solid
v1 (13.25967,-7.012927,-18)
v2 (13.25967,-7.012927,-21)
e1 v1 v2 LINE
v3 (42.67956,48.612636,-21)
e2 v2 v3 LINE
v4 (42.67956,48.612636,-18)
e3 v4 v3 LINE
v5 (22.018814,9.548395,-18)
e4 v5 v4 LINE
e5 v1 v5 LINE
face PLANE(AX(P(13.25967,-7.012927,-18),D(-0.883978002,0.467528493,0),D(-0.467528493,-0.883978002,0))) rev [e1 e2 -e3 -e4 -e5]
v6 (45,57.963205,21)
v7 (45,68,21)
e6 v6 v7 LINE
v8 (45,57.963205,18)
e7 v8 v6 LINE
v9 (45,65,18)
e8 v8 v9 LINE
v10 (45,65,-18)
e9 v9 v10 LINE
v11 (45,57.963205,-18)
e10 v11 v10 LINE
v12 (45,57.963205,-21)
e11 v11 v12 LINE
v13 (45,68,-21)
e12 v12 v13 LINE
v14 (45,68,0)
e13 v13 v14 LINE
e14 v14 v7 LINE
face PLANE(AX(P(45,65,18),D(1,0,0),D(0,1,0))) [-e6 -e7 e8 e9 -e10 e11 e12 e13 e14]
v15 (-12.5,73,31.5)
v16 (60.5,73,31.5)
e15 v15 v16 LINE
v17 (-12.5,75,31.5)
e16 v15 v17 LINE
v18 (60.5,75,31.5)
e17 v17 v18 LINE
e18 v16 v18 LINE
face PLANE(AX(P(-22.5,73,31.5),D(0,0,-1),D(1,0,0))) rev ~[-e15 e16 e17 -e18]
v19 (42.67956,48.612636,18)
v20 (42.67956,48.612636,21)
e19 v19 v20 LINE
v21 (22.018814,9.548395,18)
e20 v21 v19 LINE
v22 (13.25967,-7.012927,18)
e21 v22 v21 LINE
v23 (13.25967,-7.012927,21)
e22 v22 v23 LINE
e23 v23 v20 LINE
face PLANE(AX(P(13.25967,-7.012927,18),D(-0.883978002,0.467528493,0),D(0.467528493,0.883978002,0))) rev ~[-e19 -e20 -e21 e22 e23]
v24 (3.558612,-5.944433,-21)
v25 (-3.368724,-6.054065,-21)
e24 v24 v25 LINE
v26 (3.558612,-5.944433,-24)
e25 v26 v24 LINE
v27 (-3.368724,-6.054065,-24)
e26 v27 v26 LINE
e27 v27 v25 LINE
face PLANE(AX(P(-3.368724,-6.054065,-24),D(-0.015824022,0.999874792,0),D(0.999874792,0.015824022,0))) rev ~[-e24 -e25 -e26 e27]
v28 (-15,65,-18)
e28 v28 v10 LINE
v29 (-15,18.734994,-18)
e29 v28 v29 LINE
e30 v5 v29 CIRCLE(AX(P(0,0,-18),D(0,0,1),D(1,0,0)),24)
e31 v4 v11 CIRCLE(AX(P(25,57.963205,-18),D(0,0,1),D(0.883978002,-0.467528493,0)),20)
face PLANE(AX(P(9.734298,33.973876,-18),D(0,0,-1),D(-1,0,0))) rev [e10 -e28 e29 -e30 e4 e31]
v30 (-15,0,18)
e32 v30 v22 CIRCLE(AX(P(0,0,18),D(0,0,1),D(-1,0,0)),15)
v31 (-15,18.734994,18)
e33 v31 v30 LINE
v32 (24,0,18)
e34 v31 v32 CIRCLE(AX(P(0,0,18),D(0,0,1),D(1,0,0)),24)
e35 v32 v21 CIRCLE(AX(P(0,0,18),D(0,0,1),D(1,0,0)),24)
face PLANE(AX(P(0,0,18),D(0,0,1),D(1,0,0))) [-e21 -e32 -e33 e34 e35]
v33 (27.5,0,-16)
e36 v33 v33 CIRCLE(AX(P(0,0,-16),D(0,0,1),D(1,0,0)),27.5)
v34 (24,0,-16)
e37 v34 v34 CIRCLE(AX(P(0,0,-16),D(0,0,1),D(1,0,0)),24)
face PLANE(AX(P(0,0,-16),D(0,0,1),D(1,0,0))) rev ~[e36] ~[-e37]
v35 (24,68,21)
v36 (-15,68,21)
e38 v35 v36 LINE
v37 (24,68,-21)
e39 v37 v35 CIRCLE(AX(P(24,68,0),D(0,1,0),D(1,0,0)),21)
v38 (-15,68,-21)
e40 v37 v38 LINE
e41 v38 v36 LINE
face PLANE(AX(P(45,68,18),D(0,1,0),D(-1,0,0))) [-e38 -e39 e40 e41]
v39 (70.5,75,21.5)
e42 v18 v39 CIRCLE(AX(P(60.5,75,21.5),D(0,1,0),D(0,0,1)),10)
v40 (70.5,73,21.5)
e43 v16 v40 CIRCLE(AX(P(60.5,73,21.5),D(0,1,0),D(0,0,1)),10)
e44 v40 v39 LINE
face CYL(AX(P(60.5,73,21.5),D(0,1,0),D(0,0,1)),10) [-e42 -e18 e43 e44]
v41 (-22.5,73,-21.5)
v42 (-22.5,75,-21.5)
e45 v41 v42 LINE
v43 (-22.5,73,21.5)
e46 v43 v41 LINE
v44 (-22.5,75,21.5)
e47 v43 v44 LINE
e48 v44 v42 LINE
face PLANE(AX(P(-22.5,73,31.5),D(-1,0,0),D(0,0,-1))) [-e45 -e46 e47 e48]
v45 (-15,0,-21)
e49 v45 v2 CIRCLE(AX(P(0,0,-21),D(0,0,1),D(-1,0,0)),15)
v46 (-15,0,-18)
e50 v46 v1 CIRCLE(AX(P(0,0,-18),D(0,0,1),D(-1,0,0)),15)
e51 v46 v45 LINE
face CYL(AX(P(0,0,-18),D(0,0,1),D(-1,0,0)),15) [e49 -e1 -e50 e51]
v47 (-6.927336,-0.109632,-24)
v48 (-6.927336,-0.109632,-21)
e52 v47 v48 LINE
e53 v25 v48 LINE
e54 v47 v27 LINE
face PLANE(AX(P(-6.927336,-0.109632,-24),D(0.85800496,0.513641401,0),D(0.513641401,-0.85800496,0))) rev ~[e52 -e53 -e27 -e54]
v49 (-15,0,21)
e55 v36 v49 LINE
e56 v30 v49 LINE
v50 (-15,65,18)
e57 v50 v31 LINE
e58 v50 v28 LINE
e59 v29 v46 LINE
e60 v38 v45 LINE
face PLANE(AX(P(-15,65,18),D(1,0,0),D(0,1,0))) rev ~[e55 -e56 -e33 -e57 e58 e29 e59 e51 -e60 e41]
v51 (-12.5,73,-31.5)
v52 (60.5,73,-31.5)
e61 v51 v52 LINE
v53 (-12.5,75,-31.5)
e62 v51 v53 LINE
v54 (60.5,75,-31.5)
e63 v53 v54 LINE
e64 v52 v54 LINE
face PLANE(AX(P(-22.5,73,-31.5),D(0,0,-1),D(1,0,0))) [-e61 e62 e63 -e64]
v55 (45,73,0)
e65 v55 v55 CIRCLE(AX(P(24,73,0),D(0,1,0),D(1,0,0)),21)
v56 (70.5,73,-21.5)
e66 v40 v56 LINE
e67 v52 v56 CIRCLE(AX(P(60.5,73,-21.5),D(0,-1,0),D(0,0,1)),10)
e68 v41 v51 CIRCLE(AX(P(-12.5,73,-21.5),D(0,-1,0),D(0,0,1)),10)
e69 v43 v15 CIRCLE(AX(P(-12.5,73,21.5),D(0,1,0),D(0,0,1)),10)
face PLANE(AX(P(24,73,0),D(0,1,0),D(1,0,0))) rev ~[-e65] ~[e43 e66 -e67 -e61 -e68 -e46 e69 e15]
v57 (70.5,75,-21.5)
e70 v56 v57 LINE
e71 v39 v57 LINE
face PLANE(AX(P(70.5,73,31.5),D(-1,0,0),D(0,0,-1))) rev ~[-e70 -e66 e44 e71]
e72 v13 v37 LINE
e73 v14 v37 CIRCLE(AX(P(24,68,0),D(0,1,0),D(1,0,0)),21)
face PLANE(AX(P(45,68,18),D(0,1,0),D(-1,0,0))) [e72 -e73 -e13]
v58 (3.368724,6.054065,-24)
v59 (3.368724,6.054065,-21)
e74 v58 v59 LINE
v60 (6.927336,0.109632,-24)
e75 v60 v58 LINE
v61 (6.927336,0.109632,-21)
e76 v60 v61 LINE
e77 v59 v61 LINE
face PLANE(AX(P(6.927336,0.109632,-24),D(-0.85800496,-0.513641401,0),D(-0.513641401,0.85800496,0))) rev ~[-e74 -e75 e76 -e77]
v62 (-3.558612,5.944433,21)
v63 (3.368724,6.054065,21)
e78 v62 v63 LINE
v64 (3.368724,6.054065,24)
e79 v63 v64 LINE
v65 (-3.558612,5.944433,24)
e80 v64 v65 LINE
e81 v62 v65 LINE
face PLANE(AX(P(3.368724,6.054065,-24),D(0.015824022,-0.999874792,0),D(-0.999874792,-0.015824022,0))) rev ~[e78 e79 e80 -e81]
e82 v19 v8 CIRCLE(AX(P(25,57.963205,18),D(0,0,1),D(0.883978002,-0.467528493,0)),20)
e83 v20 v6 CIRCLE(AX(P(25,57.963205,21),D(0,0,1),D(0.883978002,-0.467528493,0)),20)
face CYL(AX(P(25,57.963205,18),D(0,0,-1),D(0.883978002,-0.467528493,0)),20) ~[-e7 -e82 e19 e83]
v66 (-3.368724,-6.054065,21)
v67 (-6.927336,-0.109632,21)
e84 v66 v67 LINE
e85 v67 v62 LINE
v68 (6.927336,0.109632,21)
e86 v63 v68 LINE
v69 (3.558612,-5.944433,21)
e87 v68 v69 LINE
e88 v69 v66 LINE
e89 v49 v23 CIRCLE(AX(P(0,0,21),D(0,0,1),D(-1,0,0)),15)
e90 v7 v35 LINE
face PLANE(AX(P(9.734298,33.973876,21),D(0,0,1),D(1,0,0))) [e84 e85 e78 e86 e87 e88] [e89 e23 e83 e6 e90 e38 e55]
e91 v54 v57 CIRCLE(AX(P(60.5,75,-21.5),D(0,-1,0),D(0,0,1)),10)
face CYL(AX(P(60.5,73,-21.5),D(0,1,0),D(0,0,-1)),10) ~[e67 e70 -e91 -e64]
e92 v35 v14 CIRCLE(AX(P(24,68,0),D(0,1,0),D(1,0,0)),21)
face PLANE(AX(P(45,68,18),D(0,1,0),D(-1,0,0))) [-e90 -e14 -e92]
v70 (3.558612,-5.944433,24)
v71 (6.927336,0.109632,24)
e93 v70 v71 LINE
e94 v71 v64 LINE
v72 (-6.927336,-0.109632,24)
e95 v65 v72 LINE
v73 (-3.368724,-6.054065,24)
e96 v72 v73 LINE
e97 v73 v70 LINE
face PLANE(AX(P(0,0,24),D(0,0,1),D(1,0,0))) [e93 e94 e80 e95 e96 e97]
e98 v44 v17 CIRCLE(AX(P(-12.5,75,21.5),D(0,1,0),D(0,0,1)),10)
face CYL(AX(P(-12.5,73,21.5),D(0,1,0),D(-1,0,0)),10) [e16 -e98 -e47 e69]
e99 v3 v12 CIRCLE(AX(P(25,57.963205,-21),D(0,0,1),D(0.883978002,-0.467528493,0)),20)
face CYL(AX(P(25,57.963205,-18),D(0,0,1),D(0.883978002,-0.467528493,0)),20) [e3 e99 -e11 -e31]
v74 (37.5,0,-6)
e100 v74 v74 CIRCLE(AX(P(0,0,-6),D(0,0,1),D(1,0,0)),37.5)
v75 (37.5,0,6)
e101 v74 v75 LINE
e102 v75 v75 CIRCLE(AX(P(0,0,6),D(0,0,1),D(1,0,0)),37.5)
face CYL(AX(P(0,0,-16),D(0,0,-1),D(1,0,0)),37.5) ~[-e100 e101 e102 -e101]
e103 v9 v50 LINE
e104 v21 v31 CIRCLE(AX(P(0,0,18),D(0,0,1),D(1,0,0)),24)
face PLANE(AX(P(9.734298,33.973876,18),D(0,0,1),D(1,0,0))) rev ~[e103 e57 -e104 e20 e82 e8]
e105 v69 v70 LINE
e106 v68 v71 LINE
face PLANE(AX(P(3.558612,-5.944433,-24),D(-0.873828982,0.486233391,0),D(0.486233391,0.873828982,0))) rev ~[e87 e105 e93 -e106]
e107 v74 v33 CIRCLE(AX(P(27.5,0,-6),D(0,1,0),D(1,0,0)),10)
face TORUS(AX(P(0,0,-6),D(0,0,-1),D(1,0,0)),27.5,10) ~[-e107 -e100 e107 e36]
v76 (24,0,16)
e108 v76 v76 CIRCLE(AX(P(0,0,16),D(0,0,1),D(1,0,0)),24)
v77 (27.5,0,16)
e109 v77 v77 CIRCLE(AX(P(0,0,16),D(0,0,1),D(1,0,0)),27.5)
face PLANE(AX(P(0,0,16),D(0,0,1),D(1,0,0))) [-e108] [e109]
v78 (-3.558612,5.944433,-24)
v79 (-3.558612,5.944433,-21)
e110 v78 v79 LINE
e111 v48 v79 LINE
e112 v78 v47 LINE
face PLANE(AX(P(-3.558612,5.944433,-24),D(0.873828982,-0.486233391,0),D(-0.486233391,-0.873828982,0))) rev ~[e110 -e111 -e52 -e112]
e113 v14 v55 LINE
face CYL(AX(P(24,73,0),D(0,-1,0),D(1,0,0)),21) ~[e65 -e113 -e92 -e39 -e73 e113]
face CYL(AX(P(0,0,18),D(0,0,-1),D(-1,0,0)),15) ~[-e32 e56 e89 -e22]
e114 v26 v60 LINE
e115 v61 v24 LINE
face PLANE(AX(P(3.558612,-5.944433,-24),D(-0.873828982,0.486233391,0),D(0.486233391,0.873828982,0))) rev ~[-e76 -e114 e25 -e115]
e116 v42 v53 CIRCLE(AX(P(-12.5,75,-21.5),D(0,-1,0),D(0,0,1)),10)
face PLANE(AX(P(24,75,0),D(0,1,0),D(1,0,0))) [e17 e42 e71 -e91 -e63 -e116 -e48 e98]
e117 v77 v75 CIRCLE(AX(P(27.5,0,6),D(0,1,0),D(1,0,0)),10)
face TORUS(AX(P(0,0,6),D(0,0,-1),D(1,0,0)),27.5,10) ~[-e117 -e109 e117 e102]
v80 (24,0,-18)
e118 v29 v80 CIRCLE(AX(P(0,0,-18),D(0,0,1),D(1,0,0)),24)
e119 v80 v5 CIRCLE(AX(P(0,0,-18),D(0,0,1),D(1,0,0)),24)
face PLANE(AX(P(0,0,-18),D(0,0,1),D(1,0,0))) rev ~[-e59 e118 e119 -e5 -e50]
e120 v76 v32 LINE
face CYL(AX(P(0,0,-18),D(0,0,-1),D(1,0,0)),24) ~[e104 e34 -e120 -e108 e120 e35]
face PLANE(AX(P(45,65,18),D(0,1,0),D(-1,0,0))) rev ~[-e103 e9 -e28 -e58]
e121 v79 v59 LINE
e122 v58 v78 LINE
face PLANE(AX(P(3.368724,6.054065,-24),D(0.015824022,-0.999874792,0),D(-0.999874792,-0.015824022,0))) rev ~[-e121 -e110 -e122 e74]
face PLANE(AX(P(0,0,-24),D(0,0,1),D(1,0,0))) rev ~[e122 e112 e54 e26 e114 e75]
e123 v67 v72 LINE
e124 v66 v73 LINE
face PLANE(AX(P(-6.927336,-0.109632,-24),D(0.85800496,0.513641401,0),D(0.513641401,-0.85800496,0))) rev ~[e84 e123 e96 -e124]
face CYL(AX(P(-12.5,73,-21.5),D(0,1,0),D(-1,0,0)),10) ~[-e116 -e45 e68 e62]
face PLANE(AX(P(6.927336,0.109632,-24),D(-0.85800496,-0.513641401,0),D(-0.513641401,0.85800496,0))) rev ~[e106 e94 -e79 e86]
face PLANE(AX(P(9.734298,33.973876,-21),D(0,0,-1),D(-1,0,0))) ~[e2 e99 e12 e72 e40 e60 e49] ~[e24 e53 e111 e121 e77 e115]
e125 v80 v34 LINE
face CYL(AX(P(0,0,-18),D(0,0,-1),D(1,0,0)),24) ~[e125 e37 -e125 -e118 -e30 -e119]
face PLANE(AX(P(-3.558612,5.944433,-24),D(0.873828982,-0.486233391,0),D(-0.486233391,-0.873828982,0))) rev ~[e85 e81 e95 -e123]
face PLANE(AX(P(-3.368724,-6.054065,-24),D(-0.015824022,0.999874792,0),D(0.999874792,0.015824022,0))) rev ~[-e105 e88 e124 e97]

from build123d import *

# Parameters (mm, degrees)
EXTRUDE_1_DEPTH      = 16
EXTRUDE_1_DEPTH_BACK = 16
SKETCH_1_R           = 37.5
SKETCH_1_R_2         = 24
EXTRUDE_2_DEPTH      = 18
EXTRUDE_2_DEPTH_BACK = 18
SKETCH_1_3_R         = 24
EXTRUDE_3_DEPTH      = 24
EXTRUDE_3_DEPTH_BACK = 24
EXTRUDE_4_DEPTH      = 3
EXTRUDE_5_REACH      = 93.722
SKETCH_3_W           = 60
SKETCH_3_H           = 3
SKETCH_4_R           = 21
EXTRUDE_6_DEPTH      = 5
SKETCH_5_R           = 21
EXTRUDE_7_DEPTH      = 2
SKETCH_5_3_W         = 93
SKETCH_5_3_H         = 63
SKETCH_5_3_R         = 21
EXTRUDE_8_DEPTH      = 2
FILLET_1_R           = 10
FILLET_2_R           = 10
FILLET_3_R           = 10


with BuildPart() as part:
    # 스케치1 → 보스-돌출1 (new, two sides: drawn at the far end of the back side and taken through both)
    with BuildSketch(Plane.XY.offset(-EXTRUDE_1_DEPTH_BACK)):
        Circle(SKETCH_1_R)
        Circle(SKETCH_1_R_2, mode=Mode.SUBTRACT)
    extrude(amount=EXTRUDE_1_DEPTH + EXTRUDE_1_DEPTH_BACK)

    # 스케치1<3> → 보스-돌출2 (add, two sides: drawn at the far end of the back side and taken through both)
    with BuildSketch(Plane.XY.offset(-EXTRUDE_2_DEPTH_BACK)):
        Circle(SKETCH_1_3_R)
        Polygon((-3.558612013, 5.944432735), (3.368723753, 6.054064773), (6.927335766, 0.109632038), (3.558612013, -5.944432735), (-3.368723753, -6.054064773), (-6.927335766, -0.109632038), align=None, mode=Mode.SUBTRACT)
    extrude(amount=EXTRUDE_2_DEPTH + EXTRUDE_2_DEPTH_BACK)

    # 스케치1<4> → 보스-돌출3 (add, two sides: drawn at the far end of the back side and taken through both)
    with BuildSketch(Plane.XY.offset(-EXTRUDE_3_DEPTH_BACK)):
        Polygon((6.927335766, 0.109632038), (3.368723753, 6.054064773), (-3.558612013, 5.944432735), (-6.927335766, -0.109632038), (-3.368723753, -6.054064773), (3.558612013, -5.944432735), align=None)
    extrude(amount=EXTRUDE_3_DEPTH + EXTRUDE_3_DEPTH_BACK)

    # 스케치2 → 보스-돌출4 (add)
    with BuildSketch(Plane.XY.offset(18)):
        with BuildLine():
            ThreePointArc((-15, 0), (-3.612820883, -14.558417677), (13.259670035, -7.012927388))
            Line((13.259670035, -7.012927388), (42.679560047, 48.612635579))
            ThreePointArc((42.679560047, 48.612635579), (44.41122357, 53.146110919), (45, 57.96320543))
            Line((45, 57.96320543), (45, 68))
            Line((45, 68), (-15, 68))
            Line((-15, 68), (-15, 0))
        make_face()
        Polygon((3.368723753, 6.054064773), (6.927335766, 0.109632038), (3.558612013, -5.944432735), (-3.368723753, -6.054064773), (-6.927335766, -0.109632038), (-3.558612013, 5.944432735), align=None, mode=Mode.SUBTRACT)
    extrude_4 = extrude(amount=EXTRUDE_4_DEPTH)

    # 대칭 복사1: 보스-돌출4 across plane
    add(extrude_4.mirror(Plane.XY))

    # 스케치3 → 보스-돌출5 (add, up to next)
    with BuildSketch(Plane(origin=(0, 0, 18), x_dir=(-1, 0, 0), z_dir=(0, 0, -1)), mode=Mode.PRIVATE) as extrude_5_sk1:
        with Locations((-15, 66.5)):
            Rectangle(SKETCH_3_W, SKETCH_3_H)
    extrude_5_tool1 = extrude(extrude_5_sk1.sketch, amount=EXTRUDE_5_REACH, mode=Mode.PRIVATE) - part.part
    add(extrude_5_tool1.solids().sort_by_distance((15, 66.5, 18))[0])

    # 스케치4 → 보스-돌출6 (add)
    with BuildSketch(Plane(origin=(0, 68, 0), x_dir=(1, 0, 0), z_dir=(0, 1, 0))):
        with Locations((24, 0)):
            Circle(SKETCH_4_R)
    extrude(amount=EXTRUDE_6_DEPTH)

    # 스케치5 → 보스-돌출7 (add)
    with BuildSketch(Plane(origin=(0, 73, 0), x_dir=(1, 0, 0), z_dir=(0, 1, 0))):
        with Locations((24, 0)):
            Circle(SKETCH_5_R)
    extrude(amount=EXTRUDE_7_DEPTH)

    # 스케치5<3> → 보스-돌출8 (add)
    with BuildSketch(Plane(origin=(0, 73, 0), x_dir=(1, 0, 0), z_dir=(0, 1, 0))):
        with Locations((24, 0)):
            Rectangle(SKETCH_5_3_W, SKETCH_5_3_H)
        with Locations((24, 0)):
            Circle(SKETCH_5_3_R, mode=Mode.SUBTRACT)
    extrude(amount=EXTRUDE_8_DEPTH)

    # 필렛1
    fillet_1_edges = [part.edges().sort_by_distance(p)[0] for p in [
        (-22.5, 74, 31.5),
        (-22.5, 74, -31.5),
        (70.5, 74, -31.5),
        (70.5, 74, 31.5),
    ]]
    fillet(fillet_1_edges, radius=FILLET_1_R)

    # 필렛2
    fillet_2_edges = [part.edges().sort_by_distance(p)[0] for p in [
        (-37.5, 0, 16),
    ]]
    fillet(fillet_2_edges, radius=FILLET_2_R)

    # 필렛3
    fillet_3_edges = [part.edges().sort_by_distance(p)[0] for p in [
        (-37.5, 0, -16),
    ]]
    fillet(fillet_3_edges, radius=FILLET_3_R)


solid = part.part
